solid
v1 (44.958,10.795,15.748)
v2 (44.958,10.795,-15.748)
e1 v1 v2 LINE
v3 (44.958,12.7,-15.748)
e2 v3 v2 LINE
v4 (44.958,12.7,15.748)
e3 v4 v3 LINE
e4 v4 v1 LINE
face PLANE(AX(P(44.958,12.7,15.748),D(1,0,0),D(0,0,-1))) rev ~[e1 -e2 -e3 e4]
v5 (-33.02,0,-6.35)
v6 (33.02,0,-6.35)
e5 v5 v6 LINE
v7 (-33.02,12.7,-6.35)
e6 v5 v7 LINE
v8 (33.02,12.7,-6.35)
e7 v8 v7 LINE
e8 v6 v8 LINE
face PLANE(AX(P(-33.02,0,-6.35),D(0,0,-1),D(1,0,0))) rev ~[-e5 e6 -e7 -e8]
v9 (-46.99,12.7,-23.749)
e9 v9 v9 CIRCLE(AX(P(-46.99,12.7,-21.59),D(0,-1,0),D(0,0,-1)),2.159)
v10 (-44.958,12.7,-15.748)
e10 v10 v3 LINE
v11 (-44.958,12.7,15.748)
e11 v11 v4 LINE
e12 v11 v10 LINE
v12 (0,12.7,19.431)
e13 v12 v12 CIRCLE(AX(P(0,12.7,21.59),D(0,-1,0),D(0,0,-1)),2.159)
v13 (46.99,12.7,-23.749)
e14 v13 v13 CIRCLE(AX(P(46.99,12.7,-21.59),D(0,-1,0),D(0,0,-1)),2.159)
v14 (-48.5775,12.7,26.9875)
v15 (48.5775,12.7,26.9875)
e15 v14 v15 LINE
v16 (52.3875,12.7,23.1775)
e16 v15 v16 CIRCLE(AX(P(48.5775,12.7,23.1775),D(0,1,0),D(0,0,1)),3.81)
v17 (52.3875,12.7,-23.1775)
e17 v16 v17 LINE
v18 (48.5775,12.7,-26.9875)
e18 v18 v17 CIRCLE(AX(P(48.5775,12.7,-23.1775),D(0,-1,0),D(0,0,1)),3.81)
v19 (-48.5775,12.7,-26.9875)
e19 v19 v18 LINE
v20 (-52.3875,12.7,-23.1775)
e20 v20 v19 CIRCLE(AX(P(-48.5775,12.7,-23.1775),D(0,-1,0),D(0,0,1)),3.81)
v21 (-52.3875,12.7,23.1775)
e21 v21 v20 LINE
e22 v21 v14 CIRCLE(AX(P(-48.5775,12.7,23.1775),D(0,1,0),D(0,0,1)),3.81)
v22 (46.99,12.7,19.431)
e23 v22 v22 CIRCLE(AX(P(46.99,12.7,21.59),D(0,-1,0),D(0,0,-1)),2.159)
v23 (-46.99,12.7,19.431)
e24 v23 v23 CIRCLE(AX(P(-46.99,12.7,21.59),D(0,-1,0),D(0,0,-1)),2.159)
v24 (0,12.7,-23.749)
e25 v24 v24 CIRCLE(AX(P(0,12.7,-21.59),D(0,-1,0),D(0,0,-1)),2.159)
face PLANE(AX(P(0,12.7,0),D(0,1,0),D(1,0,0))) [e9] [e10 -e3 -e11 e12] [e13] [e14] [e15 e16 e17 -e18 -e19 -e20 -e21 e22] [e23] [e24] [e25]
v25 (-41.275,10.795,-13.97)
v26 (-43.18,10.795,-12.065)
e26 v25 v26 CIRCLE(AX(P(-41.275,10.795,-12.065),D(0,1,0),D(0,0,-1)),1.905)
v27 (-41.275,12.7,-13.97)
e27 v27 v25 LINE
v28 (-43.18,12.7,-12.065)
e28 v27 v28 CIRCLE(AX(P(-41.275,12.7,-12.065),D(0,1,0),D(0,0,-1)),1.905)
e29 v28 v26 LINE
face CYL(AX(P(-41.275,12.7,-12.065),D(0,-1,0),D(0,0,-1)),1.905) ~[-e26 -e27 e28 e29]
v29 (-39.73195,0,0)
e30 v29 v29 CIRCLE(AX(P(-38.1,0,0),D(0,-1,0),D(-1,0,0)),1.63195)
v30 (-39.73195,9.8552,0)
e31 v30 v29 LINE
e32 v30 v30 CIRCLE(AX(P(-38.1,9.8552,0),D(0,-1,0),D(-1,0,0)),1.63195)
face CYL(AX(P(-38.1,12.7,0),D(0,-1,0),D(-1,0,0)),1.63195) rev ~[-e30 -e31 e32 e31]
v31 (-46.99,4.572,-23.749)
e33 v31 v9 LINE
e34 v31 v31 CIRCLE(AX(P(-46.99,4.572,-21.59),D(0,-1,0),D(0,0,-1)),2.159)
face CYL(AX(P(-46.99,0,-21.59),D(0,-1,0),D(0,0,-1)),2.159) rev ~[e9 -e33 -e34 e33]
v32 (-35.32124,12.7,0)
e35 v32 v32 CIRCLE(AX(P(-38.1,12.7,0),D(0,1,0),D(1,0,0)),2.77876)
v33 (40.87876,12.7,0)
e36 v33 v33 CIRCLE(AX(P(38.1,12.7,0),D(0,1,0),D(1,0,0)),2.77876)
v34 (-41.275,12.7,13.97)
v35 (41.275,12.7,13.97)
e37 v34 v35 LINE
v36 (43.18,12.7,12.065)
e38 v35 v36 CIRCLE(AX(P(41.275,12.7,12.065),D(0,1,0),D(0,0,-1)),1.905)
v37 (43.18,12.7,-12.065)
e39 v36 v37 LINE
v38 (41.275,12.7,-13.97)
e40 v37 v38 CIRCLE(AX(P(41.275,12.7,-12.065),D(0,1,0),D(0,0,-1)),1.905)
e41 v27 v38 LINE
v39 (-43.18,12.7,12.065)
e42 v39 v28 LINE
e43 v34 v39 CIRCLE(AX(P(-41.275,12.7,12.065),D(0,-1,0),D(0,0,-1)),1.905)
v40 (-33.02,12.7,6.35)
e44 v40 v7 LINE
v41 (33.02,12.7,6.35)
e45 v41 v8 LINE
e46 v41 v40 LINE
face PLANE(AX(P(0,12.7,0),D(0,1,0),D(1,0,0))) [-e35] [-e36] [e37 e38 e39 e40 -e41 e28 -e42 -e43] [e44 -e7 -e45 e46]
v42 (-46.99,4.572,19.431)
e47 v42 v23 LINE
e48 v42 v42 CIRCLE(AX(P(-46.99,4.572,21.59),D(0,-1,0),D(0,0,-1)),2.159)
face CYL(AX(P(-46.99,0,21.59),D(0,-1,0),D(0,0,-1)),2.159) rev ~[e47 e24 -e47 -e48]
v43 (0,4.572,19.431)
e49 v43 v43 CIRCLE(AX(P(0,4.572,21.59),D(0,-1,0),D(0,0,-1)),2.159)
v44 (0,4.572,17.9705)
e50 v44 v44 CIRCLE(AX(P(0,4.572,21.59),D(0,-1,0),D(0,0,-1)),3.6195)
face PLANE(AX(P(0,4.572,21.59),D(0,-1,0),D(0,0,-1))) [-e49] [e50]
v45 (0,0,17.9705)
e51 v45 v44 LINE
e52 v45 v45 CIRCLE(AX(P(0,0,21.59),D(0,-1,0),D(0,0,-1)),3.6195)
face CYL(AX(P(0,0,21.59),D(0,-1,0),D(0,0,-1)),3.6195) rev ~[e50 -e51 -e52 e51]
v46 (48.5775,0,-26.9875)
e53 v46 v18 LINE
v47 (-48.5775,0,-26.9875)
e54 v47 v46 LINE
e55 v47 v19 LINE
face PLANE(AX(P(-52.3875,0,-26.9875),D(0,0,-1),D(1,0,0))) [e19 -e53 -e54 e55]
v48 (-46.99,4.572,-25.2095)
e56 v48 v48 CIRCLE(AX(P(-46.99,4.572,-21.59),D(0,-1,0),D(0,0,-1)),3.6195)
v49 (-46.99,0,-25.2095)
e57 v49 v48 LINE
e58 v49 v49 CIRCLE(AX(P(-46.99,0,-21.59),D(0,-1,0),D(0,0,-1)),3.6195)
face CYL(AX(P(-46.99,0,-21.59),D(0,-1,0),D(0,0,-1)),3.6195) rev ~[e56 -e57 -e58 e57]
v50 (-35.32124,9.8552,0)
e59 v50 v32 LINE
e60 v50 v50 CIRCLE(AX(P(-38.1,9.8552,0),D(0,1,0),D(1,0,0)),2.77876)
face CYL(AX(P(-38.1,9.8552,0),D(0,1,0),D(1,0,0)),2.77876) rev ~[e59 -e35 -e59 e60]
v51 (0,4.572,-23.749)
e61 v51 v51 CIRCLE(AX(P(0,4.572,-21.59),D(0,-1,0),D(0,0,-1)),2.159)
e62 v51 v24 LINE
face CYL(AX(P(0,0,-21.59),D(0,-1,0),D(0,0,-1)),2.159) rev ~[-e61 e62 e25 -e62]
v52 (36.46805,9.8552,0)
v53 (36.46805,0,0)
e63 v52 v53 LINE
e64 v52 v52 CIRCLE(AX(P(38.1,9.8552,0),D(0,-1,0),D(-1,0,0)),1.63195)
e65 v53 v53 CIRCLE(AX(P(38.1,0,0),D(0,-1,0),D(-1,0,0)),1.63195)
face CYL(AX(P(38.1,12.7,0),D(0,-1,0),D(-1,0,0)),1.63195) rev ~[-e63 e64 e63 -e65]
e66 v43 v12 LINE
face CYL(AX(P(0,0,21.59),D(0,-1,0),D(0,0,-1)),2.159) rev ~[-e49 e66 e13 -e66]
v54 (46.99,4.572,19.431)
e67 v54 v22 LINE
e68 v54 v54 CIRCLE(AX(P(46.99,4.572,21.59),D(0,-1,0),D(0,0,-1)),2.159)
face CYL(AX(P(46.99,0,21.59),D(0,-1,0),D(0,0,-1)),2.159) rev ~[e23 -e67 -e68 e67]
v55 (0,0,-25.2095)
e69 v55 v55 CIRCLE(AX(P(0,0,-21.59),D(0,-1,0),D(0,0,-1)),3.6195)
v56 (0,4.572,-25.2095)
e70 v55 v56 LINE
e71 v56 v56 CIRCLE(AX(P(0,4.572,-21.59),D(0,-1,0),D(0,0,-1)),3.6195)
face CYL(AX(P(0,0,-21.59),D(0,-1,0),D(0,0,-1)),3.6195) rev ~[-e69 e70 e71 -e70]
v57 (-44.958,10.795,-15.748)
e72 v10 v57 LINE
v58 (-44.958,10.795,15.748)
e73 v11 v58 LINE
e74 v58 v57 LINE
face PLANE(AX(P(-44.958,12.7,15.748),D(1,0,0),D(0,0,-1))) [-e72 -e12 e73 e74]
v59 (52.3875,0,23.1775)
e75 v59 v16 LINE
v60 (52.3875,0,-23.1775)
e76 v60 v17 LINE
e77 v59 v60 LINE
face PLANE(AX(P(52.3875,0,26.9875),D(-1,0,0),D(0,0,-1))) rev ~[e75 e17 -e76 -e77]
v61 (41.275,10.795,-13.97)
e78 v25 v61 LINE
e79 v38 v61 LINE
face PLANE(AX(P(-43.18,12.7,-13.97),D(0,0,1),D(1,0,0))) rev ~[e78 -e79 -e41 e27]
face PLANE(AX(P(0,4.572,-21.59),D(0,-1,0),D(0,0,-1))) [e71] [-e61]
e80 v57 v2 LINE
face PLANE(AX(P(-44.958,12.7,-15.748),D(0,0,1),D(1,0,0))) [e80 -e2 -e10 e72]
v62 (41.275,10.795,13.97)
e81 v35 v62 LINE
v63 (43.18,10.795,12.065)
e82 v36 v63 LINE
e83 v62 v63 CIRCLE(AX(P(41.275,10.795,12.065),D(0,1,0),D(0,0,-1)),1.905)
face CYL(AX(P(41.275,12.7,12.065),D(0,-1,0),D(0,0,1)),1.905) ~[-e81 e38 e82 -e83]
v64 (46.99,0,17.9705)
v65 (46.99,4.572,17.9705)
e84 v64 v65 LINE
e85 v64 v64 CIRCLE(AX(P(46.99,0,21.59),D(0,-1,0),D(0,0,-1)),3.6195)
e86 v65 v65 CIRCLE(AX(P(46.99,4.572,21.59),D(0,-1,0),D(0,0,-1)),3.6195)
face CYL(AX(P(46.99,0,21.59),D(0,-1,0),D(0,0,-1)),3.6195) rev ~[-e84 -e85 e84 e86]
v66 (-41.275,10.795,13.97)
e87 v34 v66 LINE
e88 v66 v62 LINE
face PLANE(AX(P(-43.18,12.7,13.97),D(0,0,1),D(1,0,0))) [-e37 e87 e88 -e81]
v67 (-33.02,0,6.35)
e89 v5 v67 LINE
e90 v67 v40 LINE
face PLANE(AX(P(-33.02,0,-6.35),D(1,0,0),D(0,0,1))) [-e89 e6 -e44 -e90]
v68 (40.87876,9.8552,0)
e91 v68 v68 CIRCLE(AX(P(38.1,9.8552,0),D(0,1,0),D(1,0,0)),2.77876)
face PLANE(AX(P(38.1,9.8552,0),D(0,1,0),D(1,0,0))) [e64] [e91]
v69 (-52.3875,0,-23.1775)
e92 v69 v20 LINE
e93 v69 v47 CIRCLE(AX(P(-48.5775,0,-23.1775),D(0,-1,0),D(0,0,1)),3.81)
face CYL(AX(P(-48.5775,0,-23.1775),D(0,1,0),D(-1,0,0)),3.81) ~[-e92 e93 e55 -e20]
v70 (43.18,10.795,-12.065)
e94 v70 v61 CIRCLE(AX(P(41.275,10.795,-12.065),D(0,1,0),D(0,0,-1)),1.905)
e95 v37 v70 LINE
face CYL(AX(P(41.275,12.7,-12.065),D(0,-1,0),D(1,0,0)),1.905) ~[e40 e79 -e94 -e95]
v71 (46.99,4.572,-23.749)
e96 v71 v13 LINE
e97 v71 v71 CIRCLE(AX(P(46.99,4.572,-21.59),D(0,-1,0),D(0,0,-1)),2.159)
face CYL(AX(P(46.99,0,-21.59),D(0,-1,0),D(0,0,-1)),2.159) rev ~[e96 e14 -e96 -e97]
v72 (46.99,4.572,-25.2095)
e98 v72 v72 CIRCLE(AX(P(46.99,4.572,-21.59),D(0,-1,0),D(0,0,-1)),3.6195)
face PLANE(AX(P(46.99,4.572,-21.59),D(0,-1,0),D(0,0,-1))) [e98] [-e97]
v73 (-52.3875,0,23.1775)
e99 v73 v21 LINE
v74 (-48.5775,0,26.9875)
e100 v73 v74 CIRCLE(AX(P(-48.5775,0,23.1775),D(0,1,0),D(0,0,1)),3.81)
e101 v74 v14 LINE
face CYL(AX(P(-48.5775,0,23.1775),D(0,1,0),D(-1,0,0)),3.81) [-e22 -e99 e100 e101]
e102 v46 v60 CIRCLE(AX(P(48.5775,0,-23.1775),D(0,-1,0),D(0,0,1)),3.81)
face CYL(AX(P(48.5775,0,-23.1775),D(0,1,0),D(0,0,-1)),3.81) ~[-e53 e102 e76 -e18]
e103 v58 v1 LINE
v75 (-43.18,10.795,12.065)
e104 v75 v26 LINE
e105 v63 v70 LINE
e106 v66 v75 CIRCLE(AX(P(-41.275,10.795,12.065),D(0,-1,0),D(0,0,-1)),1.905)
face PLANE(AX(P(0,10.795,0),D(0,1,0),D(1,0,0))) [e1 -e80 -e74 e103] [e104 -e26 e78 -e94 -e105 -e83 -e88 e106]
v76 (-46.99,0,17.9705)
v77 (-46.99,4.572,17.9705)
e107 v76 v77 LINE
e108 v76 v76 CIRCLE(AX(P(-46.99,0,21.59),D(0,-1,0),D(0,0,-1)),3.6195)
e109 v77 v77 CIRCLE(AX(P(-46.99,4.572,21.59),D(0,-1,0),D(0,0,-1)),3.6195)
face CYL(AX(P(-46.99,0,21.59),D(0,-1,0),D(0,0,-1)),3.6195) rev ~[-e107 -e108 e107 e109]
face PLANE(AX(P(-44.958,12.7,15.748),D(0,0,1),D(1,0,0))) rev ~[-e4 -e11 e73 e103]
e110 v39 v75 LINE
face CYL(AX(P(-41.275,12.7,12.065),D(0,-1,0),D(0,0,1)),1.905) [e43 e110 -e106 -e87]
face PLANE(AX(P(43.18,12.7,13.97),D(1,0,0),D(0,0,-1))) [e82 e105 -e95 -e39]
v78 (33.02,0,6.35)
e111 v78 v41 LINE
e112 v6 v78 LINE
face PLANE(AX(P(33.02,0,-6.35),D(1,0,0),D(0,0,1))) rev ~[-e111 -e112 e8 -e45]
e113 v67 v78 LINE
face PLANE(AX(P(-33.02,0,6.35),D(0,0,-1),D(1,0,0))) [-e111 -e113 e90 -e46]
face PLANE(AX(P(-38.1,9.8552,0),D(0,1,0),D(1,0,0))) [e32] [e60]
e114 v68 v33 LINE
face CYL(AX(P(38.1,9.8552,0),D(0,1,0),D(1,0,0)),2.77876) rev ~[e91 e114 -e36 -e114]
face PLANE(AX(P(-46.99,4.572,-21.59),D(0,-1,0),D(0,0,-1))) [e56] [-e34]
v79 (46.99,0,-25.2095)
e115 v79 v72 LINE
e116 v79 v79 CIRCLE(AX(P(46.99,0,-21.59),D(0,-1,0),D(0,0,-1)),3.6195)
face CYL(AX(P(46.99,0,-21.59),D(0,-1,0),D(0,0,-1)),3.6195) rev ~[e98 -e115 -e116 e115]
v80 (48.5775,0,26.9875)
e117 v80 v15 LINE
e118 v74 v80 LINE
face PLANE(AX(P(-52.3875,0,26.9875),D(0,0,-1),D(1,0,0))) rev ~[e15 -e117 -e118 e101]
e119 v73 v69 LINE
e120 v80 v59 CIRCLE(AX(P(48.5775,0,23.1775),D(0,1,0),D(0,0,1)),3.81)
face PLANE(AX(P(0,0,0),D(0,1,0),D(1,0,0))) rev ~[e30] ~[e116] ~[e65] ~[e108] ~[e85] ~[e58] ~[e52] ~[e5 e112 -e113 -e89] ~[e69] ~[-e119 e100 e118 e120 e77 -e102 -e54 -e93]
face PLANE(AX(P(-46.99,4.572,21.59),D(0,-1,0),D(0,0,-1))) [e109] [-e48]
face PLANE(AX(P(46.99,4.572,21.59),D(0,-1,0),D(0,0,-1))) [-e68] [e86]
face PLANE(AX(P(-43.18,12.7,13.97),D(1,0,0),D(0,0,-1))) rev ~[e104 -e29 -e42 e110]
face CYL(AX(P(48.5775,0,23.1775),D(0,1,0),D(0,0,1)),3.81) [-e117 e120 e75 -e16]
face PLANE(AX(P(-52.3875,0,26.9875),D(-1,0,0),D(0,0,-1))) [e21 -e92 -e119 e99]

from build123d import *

# Parameters (mm, degrees)
SKETCH1_W                                      = 104.775
SKETCH1_H                                      = 53.975
BOSS_EXTRUDE1_DEPTH                            = 12.7
SKETCH3_W                                      = 89.916
SKETCH3_H                                      = 31.496
SKETCH3_W_2                                    = 86.36
SKETCH3_H_2                                    = 27.94
CUT_EXTRUDE1_DEPTH                             = 1.905
FILLET1_R                                      = 1.905
SKETCH4_R                                      = 2.159
CUT_EXTRUDE2_DEPTH                             = 61.283209209
SKETCH8_R                                      = 3.6195
CUT_EXTRUDE3_DEPTH                             = 4.572
FILLET2_R                                      = 3.81
SKETCH13_W                                     = 66.04
SKETCH13_H                                     = 12.7
CUT_EXTRUDE4_DEPTH                             = 61.283209209
CBORE_FOR_4_SOCKET_HEAD_CAP_SCREW3_D           = 3.2639
CBORE_FOR_4_SOCKET_HEAD_CAP_SCREW3_CBORE_D     = 5.55752
CBORE_FOR_4_SOCKET_HEAD_CAP_SCREW3_CBORE_DEPTH = 2.8448


with BuildPart() as part:
    # Sketch1 → Boss-Extrude1 (new body)
    with BuildSketch(Plane(origin=(0, 0, 0), x_dir=(1, 0, 0), z_dir=(0, 1, 0))):
        Rectangle(SKETCH1_W, SKETCH1_H)
    extrude(amount=BOSS_EXTRUDE1_DEPTH)

    # Sketch3 → Cut-Extrude1 (cut)
    with BuildSketch(Plane(origin=(0, 12.7, 0), x_dir=(1, 0, 0), z_dir=(0, 1, 0))):
        Rectangle(SKETCH3_W, SKETCH3_H)
        Rectangle(SKETCH3_W_2, SKETCH3_H_2, mode=Mode.SUBTRACT)
    extrude(amount=-CUT_EXTRUDE1_DEPTH, mode=Mode.SUBTRACT)

    # Fillet1
    fillet1_edges = [part.edges().sort_by_distance(p)[0] for p in [
        (43.18, 11.7475, 13.97),
        (-43.18, 11.7475, 13.97),
        (-43.18, 11.7475, -13.97),
        (43.18, 11.7475, -13.97),
    ]]
    fillet(fillet1_edges, radius=FILLET1_R)

    # Sketch4 → Cut-Extrude2 (cut, through all)
    with BuildSketch(Plane.XZ):
        with Locations(Location((-46.99, 21.59, 0), (0, 0, 270))):
            Circle(SKETCH4_R)
        with Locations(Location((46.99, 21.59, 0), (0, 0, 270))):
            Circle(SKETCH4_R)
        with Locations(Location((-46.99, -21.59, 0), (0, 0, 270))):
            Circle(SKETCH4_R)
        with Locations(Location((46.99, -21.59, 0), (0, 0, 270))):
            Circle(SKETCH4_R)
        with Locations(Location((0, 21.59, 0), (0, 0, 270))):
            Circle(SKETCH4_R)
        with Locations(Location((0, -21.59, 0), (0, 0, 270))):
            Circle(SKETCH4_R)
    extrude(amount=-CUT_EXTRUDE2_DEPTH, mode=Mode.SUBTRACT)

    # Sketch8 → Cut-Extrude3 (cut)
    with BuildSketch(Plane.XZ):
        with Locations(Location((-46.99, 21.59, 0), (0, 0, 270))):
            Circle(SKETCH8_R)
        with Locations(Location((0, 21.59, 0), (0, 0, 270))):
            Circle(SKETCH8_R)
        with Locations(Location((46.99, 21.59, 0), (0, 0, 270))):
            Circle(SKETCH8_R)
        with Locations(Location((46.99, -21.59, 0), (0, 0, 270))):
            Circle(SKETCH8_R)
        with Locations(Location((0, -21.59, 0), (0, 0, 270))):
            Circle(SKETCH8_R)
        with Locations(Location((-46.99, -21.59, 0), (0, 0, 270))):
            Circle(SKETCH8_R)
    extrude(amount=-CUT_EXTRUDE3_DEPTH, mode=Mode.SUBTRACT)

    # Fillet2
    fillet2_edges = [part.edges().sort_by_distance(p)[0] for p in [
        (52.3875, 6.35, 26.9875),
        (-52.3875, 6.35, 26.9875),
        (-52.3875, 6.35, -26.9875),
        (52.3875, 6.35, -26.9875),
    ]]
    fillet(fillet2_edges, radius=FILLET2_R)

    # Sketch13 → Cut-Extrude4 (cut, through all)
    with BuildSketch(Plane.XZ):
        Rectangle(SKETCH13_W, SKETCH13_H)
    extrude(amount=-CUT_EXTRUDE4_DEPTH, mode=Mode.SUBTRACT)

    # CBORE for #4 Socket Head Cap Screw3 (through all)
    with Locations(Plane(origin=(0, 12.7, 0), x_dir=(1, 0, 0), z_dir=(0, 1, 0))):
        with Locations((-38.1, 0), (38.1, 0)):
            CounterBoreHole(CBORE_FOR_4_SOCKET_HEAD_CAP_SCREW3_D / 2, CBORE_FOR_4_SOCKET_HEAD_CAP_SCREW3_CBORE_D / 2, CBORE_FOR_4_SOCKET_HEAD_CAP_SCREW3_CBORE_DEPTH)


solid = part.part
